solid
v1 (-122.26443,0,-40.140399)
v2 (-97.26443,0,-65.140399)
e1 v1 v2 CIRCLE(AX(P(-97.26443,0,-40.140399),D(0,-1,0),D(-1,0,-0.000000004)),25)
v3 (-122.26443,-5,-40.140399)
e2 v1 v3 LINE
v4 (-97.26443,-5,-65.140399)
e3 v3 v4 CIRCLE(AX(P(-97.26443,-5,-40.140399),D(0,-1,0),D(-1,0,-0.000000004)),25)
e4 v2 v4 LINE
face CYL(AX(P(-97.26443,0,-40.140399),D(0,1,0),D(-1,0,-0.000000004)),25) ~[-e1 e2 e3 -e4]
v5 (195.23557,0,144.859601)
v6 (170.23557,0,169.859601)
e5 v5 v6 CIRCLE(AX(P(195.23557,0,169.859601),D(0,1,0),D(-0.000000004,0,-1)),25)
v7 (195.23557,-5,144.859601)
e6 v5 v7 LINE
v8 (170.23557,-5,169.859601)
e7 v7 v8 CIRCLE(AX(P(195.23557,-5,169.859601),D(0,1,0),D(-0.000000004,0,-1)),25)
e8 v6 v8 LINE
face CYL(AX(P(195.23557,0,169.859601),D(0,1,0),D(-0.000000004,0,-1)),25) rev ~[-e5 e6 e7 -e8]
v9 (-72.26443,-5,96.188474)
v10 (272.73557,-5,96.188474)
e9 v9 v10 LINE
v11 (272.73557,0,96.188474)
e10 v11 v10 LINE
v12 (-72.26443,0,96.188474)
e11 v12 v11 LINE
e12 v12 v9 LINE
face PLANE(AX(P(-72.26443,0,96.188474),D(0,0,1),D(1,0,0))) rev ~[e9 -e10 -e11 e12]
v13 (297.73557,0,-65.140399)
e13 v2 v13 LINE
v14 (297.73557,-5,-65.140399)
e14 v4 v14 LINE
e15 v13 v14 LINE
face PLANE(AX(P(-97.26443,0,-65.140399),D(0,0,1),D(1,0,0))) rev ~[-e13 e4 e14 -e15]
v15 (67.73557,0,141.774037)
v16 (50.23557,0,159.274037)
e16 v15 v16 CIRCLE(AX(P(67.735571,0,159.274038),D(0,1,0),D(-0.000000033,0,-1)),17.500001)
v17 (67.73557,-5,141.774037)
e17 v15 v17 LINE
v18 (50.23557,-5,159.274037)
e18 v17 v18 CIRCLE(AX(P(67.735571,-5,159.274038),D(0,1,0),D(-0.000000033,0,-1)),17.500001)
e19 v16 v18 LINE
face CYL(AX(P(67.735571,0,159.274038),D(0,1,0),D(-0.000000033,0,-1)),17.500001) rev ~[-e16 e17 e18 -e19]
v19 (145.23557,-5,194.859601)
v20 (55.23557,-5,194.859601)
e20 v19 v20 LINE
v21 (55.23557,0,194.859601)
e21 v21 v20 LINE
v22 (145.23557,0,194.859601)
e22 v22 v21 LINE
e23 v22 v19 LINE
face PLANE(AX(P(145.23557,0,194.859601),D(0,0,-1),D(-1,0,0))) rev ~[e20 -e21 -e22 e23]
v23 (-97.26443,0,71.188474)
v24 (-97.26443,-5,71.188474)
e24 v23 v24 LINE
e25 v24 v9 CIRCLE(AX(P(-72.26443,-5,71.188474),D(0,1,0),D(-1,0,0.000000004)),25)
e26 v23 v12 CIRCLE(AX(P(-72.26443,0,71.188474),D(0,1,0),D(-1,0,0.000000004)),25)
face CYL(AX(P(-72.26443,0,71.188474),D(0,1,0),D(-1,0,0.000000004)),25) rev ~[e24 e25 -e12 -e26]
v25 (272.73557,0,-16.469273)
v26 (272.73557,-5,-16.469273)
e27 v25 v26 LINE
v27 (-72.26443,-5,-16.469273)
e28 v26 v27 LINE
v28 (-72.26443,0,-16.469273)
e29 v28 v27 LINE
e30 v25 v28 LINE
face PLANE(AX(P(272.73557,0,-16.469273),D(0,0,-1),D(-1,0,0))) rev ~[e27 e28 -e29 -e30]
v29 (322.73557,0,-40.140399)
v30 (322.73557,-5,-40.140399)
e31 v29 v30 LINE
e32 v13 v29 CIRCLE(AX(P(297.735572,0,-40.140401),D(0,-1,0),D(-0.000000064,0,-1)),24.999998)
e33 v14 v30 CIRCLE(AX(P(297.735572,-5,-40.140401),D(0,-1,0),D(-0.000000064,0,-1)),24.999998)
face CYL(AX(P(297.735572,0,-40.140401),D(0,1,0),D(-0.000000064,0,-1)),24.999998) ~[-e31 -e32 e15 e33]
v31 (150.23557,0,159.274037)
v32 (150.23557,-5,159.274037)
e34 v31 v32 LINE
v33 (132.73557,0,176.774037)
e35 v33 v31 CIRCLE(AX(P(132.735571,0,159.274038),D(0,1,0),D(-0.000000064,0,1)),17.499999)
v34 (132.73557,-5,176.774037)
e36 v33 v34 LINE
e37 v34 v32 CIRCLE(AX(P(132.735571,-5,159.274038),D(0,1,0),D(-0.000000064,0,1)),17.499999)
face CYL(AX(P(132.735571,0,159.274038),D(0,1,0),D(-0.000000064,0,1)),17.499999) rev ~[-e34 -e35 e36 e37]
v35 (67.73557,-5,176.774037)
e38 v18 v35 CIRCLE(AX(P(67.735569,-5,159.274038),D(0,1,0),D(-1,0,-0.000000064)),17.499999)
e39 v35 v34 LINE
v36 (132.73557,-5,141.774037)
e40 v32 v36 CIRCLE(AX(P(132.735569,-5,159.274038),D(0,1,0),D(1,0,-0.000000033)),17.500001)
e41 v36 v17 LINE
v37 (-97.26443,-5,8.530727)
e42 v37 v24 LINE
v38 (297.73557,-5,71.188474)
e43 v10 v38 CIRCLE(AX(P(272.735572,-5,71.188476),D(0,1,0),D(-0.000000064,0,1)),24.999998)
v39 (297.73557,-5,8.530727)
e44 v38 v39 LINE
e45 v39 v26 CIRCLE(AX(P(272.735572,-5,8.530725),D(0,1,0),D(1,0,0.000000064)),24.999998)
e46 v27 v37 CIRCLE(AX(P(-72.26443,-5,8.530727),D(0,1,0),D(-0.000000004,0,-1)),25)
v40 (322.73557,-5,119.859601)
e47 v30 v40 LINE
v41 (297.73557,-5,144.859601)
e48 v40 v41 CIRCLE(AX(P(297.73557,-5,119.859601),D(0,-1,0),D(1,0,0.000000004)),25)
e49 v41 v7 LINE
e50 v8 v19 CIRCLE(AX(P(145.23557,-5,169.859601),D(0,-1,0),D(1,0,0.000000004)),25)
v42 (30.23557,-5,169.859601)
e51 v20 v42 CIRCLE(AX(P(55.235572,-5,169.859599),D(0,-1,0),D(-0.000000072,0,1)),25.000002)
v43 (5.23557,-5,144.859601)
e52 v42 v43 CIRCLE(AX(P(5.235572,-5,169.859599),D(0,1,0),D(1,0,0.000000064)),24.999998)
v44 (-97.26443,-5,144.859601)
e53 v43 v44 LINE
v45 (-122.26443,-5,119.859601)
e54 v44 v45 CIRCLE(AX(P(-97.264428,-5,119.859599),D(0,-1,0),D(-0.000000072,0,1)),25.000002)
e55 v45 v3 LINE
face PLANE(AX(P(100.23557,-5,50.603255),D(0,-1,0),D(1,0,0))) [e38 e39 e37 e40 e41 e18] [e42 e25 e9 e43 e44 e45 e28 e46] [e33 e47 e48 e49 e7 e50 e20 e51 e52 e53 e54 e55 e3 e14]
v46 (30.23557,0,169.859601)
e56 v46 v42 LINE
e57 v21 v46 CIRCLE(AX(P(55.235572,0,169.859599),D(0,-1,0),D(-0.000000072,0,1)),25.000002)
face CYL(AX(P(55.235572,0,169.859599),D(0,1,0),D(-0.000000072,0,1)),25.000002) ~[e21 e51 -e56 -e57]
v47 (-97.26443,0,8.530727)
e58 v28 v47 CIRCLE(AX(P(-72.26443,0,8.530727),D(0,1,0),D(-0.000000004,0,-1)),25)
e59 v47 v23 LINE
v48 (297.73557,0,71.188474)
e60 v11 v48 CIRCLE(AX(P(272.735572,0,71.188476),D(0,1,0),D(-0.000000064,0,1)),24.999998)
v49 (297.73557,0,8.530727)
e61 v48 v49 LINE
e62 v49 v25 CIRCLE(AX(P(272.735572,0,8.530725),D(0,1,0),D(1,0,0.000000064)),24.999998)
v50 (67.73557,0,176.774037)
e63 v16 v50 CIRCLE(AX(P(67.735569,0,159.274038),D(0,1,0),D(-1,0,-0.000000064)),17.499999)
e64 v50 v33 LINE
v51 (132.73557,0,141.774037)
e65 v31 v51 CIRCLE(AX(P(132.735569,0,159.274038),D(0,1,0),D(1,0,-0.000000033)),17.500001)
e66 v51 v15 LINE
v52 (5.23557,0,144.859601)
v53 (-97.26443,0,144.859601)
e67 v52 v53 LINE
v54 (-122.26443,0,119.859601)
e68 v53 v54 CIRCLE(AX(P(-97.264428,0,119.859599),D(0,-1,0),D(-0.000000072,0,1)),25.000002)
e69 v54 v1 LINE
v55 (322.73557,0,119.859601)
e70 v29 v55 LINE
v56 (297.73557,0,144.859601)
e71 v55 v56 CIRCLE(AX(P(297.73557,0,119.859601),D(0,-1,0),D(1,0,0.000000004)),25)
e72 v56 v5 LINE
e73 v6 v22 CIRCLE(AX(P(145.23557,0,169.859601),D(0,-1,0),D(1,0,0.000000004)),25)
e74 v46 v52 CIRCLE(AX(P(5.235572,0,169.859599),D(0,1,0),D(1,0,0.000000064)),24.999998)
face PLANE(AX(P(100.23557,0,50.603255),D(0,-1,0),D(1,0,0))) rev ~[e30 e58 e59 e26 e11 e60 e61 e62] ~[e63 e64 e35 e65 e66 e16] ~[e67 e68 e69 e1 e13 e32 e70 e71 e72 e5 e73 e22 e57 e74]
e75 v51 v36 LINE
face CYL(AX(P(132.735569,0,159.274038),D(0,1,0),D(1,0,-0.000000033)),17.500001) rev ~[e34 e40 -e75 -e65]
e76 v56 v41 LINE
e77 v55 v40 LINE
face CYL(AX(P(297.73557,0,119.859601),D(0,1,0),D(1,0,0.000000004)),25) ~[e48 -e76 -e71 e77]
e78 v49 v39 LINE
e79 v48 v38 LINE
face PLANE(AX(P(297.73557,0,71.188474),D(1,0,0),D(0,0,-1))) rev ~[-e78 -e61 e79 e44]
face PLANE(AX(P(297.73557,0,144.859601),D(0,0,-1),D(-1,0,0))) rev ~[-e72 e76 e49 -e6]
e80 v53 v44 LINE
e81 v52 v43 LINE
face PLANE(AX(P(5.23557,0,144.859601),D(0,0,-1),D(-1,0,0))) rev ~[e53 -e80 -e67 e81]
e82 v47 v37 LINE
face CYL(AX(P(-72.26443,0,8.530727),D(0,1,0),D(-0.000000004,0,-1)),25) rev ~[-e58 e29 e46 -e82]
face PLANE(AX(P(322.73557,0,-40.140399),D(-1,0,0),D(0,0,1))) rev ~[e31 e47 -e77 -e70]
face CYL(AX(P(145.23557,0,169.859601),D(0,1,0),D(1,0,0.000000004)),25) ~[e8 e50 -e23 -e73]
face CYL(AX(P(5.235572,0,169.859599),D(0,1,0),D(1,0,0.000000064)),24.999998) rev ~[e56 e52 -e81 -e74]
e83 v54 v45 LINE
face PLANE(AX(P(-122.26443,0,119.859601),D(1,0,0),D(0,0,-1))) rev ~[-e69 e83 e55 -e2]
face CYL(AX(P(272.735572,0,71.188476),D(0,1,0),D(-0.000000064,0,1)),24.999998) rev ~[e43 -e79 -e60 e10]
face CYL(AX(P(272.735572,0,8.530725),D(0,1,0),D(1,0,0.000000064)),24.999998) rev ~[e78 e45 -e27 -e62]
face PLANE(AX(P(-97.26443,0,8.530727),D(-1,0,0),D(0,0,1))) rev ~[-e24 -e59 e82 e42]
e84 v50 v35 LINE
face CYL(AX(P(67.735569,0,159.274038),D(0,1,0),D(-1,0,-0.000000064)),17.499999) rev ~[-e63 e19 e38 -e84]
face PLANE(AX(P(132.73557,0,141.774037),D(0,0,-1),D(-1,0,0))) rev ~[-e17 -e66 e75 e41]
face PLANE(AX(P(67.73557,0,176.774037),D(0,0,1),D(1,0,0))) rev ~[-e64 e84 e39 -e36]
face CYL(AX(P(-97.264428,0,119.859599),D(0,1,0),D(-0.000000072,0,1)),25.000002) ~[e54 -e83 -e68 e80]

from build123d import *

# Parameters (mm, degrees)
F1_DEPTH = 5


with BuildPart() as f1:
    # F0 (on Front) → F1 (new body)
    with BuildSketch(Plane.XZ):
        with BuildLine():
            Line((5.23557, 144.859601), (-97.26443, 144.859601))
            ThreePointArc((-97.26443, 144.859601), (-114.942099, 137.53727), (-122.26443, 119.859601))
            Line((-122.26443, 119.859601), (-122.26443, -40.140399))
            ThreePointArc((-122.26443, -40.140399), (-114.942099, -57.818069), (-97.26443, -65.140399))
            Line((-97.26443, -65.140399), (297.73557, -65.140399))
            ThreePointArc((297.73557, -65.140399), (315.41324, -57.818069), (322.73557, -40.140399))
            Line((322.73557, -40.140399), (322.73557, 119.859601))
            ThreePointArc((322.73557, 119.859601), (315.41324, 137.53727), (297.73557, 144.859601))
            Line((297.73557, 144.859601), (195.23557, 144.859601))
            ThreePointArc((195.23557, 144.859601), (177.557901, 152.181931), (170.23557, 169.859601))
            ThreePointArc((170.23557, 169.859601), (162.91324, 187.53727), (145.23557, 194.859601))
            Line((145.23557, 194.859601), (55.23557, 194.859601))
            ThreePointArc((55.23557, 194.859601), (37.557901, 187.53727), (30.23557, 169.859601))
            ThreePointArc((30.23557, 169.859601), (22.91324, 152.181931), (5.23557, 144.859601))
        make_face()
        with BuildLine():
            ThreePointArc((-97.26443, 71.188474), (-89.942099, 88.866144), (-72.26443, 96.188474))
            Line((-72.26443, 96.188474), (272.73557, 96.188474))
            ThreePointArc((272.73557, 96.188474), (290.41324, 88.866144), (297.73557, 71.188474))
            Line((297.73557, 71.188474), (297.73557, 8.530727))
            ThreePointArc((297.73557, 8.530727), (290.41324, -9.146943), (272.73557, -16.469273))
            Line((272.73557, -16.469273), (-72.26443, -16.469273))
            ThreePointArc((-72.26443, -16.469273), (-89.942099, -9.146943), (-97.26443, 8.530727))
            Line((-97.26443, 8.530727), (-97.26443, 71.188474))
        make_face(mode=Mode.SUBTRACT)
        with BuildLine():
            ThreePointArc((150.23557, 159.274037), (145.109939, 146.899669), (132.73557, 141.774037))
            Line((132.73557, 141.774037), (67.73557, 141.774037))
            ThreePointArc((67.73557, 141.774037), (55.361201, 146.899669), (50.23557, 159.274037))
            ThreePointArc((50.23557, 159.274037), (55.361201, 171.648406), (67.73557, 176.774037))
            Line((67.73557, 176.774037), (132.73557, 176.774037))
            ThreePointArc((132.73557, 176.774037), (145.109939, 171.648406), (150.23557, 159.274037))
        make_face(mode=Mode.SUBTRACT)
    extrude(amount=F1_DEPTH)


solid = f1.part
